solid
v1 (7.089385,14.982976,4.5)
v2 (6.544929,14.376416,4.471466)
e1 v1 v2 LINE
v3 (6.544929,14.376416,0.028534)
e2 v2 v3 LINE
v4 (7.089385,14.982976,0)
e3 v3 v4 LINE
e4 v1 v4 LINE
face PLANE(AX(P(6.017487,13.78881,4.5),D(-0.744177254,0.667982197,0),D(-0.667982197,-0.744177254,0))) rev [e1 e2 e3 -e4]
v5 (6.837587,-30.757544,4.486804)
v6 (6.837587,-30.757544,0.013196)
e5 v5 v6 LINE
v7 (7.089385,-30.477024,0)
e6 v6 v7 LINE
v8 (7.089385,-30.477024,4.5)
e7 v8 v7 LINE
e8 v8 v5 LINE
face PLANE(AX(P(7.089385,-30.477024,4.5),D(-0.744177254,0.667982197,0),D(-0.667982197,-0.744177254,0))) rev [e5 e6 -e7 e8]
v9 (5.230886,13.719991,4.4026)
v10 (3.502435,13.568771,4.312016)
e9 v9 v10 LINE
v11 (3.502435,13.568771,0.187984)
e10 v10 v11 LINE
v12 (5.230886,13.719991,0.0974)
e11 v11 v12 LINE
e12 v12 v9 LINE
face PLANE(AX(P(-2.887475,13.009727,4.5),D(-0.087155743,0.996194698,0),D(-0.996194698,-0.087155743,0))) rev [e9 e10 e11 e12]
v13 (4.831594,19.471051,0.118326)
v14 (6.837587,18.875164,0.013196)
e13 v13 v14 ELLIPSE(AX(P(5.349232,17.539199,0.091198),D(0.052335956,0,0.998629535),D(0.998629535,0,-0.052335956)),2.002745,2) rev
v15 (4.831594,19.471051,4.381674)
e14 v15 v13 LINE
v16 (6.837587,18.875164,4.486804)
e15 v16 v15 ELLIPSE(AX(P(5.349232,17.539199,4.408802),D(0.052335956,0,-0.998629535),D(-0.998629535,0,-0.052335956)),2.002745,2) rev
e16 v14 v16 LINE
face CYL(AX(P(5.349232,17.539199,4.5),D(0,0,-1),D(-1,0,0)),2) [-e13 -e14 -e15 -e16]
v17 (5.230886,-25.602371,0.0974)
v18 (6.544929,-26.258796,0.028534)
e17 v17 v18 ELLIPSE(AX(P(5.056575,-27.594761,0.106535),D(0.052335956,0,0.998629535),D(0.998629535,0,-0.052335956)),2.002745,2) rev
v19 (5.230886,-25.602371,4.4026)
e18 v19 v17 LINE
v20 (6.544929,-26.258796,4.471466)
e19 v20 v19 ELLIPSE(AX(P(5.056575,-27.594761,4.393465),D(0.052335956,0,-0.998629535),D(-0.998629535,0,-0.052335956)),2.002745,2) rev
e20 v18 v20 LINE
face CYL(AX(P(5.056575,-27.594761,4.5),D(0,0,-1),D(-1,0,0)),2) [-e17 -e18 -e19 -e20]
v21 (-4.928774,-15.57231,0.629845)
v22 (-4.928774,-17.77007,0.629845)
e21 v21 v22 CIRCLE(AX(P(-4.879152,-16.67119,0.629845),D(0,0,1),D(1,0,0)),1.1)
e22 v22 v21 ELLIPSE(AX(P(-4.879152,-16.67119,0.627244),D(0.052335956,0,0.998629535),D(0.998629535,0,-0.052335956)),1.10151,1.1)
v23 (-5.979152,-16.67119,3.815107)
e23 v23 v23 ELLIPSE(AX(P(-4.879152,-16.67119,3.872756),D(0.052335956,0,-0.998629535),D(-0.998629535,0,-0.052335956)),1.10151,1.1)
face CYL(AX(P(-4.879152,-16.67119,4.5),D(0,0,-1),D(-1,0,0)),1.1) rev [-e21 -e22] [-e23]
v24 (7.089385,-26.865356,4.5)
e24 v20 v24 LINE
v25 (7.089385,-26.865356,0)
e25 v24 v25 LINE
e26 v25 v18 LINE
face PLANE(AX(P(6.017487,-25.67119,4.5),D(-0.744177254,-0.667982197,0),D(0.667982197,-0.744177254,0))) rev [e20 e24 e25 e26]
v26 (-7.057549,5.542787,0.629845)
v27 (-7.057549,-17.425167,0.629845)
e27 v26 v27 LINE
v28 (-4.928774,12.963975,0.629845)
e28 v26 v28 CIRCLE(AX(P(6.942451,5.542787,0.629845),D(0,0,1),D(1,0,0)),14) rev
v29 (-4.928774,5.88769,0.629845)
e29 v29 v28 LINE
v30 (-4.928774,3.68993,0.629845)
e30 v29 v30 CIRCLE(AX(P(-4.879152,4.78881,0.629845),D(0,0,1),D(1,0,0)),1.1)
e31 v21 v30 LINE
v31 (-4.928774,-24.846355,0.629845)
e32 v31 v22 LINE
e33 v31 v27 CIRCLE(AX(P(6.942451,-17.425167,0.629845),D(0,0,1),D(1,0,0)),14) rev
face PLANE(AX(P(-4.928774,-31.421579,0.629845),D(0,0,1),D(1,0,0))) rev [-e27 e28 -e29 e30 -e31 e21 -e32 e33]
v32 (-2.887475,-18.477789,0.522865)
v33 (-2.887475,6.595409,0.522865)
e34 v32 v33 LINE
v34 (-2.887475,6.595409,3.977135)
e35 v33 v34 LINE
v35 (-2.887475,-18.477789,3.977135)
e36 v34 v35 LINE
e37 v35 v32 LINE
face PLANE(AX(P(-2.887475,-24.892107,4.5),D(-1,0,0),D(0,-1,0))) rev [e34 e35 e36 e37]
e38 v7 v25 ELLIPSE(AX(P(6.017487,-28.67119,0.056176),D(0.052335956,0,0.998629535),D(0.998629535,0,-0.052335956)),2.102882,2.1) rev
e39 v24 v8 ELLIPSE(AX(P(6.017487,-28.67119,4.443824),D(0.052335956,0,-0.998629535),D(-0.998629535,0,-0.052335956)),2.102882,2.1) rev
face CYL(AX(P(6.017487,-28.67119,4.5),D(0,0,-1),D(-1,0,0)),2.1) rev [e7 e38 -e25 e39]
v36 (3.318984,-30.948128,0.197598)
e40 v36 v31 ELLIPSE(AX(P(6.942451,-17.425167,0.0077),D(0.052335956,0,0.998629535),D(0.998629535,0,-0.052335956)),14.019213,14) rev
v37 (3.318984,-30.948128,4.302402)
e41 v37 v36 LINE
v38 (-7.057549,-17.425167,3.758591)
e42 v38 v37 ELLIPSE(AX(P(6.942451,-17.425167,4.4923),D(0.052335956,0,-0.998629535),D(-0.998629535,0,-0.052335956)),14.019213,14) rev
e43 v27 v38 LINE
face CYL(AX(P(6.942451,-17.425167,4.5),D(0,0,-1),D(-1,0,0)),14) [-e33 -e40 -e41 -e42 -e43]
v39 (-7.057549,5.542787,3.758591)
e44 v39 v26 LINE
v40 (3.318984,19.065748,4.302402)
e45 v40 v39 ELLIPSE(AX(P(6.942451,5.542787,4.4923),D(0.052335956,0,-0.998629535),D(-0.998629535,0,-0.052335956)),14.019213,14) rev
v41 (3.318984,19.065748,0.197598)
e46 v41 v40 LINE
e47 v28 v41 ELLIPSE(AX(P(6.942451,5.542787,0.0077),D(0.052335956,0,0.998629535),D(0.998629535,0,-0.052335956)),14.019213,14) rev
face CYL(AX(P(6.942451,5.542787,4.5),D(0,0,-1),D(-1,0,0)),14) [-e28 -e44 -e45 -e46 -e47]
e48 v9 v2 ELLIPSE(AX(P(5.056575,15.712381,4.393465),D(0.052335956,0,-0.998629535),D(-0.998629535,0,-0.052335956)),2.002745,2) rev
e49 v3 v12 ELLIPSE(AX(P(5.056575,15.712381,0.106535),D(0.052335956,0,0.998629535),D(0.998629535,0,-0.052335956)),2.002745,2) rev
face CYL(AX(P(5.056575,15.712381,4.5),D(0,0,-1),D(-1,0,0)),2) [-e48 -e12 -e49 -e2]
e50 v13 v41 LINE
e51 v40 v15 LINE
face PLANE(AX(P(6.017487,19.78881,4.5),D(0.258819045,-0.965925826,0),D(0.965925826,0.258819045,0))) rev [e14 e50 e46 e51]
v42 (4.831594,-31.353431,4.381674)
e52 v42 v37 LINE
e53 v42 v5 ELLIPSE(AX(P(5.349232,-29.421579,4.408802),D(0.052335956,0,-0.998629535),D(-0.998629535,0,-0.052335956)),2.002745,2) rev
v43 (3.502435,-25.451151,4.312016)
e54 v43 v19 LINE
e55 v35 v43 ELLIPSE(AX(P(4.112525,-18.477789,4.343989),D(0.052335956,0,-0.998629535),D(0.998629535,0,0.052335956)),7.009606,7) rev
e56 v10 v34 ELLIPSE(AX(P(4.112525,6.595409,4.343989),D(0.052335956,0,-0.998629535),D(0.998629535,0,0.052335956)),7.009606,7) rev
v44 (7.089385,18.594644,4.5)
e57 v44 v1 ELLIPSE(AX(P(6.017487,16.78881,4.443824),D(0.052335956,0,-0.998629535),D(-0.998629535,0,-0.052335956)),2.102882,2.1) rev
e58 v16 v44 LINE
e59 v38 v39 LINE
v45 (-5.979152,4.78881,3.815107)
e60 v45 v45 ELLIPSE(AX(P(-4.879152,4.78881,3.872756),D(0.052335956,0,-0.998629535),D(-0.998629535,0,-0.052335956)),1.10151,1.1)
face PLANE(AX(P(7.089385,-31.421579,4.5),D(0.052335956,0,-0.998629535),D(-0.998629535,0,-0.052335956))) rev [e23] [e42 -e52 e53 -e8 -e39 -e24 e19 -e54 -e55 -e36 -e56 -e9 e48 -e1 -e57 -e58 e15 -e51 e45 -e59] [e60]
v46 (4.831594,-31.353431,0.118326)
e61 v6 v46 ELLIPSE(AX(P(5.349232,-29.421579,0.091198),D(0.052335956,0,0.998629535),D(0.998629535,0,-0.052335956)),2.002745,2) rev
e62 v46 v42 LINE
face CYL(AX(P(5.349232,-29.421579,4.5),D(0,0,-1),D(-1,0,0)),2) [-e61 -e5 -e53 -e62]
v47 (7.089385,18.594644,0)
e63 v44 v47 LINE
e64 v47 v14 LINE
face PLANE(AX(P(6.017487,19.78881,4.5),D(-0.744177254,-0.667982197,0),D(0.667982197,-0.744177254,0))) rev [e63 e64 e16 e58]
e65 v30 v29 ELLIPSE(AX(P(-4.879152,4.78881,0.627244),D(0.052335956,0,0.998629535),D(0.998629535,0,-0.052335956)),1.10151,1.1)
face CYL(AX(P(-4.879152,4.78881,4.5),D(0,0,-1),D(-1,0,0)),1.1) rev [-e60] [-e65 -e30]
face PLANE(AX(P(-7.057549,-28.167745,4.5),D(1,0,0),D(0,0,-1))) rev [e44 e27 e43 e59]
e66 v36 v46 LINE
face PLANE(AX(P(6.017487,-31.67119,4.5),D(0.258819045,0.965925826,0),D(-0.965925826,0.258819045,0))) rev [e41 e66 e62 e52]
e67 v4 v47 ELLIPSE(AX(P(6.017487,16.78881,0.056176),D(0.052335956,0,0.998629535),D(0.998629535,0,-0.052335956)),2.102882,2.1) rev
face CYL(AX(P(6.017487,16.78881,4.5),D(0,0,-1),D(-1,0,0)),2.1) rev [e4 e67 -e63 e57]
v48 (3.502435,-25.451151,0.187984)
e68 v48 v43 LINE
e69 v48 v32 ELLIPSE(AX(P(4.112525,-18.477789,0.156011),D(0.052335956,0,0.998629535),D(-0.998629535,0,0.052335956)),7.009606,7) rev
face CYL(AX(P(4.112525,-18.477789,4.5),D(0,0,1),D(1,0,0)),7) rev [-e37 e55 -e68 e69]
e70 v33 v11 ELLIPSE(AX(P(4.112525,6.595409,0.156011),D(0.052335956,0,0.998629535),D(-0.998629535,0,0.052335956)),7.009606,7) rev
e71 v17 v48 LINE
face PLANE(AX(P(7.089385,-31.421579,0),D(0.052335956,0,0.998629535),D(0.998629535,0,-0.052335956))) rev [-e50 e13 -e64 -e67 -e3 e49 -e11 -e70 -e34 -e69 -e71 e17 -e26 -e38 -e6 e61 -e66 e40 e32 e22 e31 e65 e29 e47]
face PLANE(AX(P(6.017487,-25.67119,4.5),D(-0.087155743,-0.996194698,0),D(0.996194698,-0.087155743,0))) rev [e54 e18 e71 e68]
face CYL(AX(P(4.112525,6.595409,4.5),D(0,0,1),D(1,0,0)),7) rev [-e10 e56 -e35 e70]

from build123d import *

# Parameters (mm, degrees)
SKETCH_1_R               = 1.1
EXTRUDE_2_DEPTH          = 4.5
FILLET_1_R               = 7
FILLET_2_R               = 14
FILLET_3_R               = 2
CUT_EXTRUDE_1_DEPTH      = 33.524221985
CUT_EXTRUDE_1_DEPTH_BACK = 33.524221985


with BuildPart() as part:
    # 草图1 → 凸台-拉伸2 (new body)
    with BuildSketch(Plane.XY):
        with BuildLine():
            Line((6.017486991, 19.788810031), (-7.057549395, 16.285364591))
            Line((-7.057549395, 16.285364591), (-7.057549395, -16.139577348))
            Line((-7.057549395, -16.139577348), (-7.057549395, -28.167744528))
            Line((-7.057549395, -28.167744528), (6.017486991, -31.671189969))
            Line((6.017486991, -31.671189969), (7.089384541, -30.477023749))
            ThreePointArc((7.089384541, -30.477023749), (3.917486991, -28.671189969), (7.089384541, -26.865356188))
            Line((7.089384541, -26.865356188), (6.017486991, -25.671189969))
            Line((6.017486991, -25.671189969), (-2.887475269, -24.892106722))
            Line((-2.887475269, -24.892106722), (-2.887475269, 13.009726784))
            Line((-2.887475269, 13.009726784), (6.017486991, 13.788810031))
            Line((6.017486991, 13.788810031), (7.089384541, 14.982976251))
            ThreePointArc((7.089384541, 14.982976251), (3.917486991, 16.788810031), (7.089384541, 18.594643812))
            Line((7.089384541, 18.594643812), (6.017486991, 19.788810031))
        make_face()
        with Locations((-4.879152463, 4.788810031)):
            Circle(SKETCH_1_R, mode=Mode.SUBTRACT)
        with Locations((-4.879152463, -16.671189969)):
            Circle(SKETCH_1_R, mode=Mode.SUBTRACT)
    extrude(amount=EXTRUDE_2_DEPTH)

    # 圆角1
    fillet_1_edges = [part.edges().sort_by_distance(p)[0] for p in [
        (-2.887475269, 13.009726784, 2.25),
        (-2.887475269, -24.892106722, 2.25),
    ]]
    fillet(fillet_1_edges, radius=FILLET_1_R)

    # 圆角2
    fillet_2_edges = [part.edges().sort_by_distance(p)[0] for p in [
        (-7.057549395, -28.167744528, 2.25),
        (-7.057549395, 16.285364591, 2.25),
    ]]
    fillet(fillet_2_edges, radius=FILLET_2_R)

    # 圆角3
    fillet_3_edges = [part.edges().sort_by_distance(p)[0] for p in [
        (6.017486991, 13.788810031, 2.25),
        (6.017486991, -25.671189969, 2.25),
        (6.017486991, -31.671189969, 2.25),
        (6.017486991, 19.788810031, 2.25),
    ]]
    fillet(fillet_3_edges, radius=FILLET_3_R)

    # 草图2 → 切除-拉伸1 (cut, two sides: drawn at the far end of the back side and taken through both)
    with BuildSketch(Plane(origin=(0, 0, 0), x_dir=(1, 0, 0), z_dir=(0, 1, 0)).offset(-CUT_EXTRUDE_1_DEPTH_BACK)):
        Polygon((-9.937735325, -0.89235354), (-9.653427695, 2.8886559), (6.091848462, 2.8886559), (7.089384541, 0), (-4.928773799, -0.62984499), (-9.504604651, -0.62984499), align=None)
        Polygon((7.089384541, -4.5), (-9.927872999, -3.608163323), (-9.667318366, -5.613598375), (7.089384541, -5.407507841), align=None)
    extrude(amount=CUT_EXTRUDE_1_DEPTH + CUT_EXTRUDE_1_DEPTH_BACK, mode=Mode.SUBTRACT)


solid = part.part
